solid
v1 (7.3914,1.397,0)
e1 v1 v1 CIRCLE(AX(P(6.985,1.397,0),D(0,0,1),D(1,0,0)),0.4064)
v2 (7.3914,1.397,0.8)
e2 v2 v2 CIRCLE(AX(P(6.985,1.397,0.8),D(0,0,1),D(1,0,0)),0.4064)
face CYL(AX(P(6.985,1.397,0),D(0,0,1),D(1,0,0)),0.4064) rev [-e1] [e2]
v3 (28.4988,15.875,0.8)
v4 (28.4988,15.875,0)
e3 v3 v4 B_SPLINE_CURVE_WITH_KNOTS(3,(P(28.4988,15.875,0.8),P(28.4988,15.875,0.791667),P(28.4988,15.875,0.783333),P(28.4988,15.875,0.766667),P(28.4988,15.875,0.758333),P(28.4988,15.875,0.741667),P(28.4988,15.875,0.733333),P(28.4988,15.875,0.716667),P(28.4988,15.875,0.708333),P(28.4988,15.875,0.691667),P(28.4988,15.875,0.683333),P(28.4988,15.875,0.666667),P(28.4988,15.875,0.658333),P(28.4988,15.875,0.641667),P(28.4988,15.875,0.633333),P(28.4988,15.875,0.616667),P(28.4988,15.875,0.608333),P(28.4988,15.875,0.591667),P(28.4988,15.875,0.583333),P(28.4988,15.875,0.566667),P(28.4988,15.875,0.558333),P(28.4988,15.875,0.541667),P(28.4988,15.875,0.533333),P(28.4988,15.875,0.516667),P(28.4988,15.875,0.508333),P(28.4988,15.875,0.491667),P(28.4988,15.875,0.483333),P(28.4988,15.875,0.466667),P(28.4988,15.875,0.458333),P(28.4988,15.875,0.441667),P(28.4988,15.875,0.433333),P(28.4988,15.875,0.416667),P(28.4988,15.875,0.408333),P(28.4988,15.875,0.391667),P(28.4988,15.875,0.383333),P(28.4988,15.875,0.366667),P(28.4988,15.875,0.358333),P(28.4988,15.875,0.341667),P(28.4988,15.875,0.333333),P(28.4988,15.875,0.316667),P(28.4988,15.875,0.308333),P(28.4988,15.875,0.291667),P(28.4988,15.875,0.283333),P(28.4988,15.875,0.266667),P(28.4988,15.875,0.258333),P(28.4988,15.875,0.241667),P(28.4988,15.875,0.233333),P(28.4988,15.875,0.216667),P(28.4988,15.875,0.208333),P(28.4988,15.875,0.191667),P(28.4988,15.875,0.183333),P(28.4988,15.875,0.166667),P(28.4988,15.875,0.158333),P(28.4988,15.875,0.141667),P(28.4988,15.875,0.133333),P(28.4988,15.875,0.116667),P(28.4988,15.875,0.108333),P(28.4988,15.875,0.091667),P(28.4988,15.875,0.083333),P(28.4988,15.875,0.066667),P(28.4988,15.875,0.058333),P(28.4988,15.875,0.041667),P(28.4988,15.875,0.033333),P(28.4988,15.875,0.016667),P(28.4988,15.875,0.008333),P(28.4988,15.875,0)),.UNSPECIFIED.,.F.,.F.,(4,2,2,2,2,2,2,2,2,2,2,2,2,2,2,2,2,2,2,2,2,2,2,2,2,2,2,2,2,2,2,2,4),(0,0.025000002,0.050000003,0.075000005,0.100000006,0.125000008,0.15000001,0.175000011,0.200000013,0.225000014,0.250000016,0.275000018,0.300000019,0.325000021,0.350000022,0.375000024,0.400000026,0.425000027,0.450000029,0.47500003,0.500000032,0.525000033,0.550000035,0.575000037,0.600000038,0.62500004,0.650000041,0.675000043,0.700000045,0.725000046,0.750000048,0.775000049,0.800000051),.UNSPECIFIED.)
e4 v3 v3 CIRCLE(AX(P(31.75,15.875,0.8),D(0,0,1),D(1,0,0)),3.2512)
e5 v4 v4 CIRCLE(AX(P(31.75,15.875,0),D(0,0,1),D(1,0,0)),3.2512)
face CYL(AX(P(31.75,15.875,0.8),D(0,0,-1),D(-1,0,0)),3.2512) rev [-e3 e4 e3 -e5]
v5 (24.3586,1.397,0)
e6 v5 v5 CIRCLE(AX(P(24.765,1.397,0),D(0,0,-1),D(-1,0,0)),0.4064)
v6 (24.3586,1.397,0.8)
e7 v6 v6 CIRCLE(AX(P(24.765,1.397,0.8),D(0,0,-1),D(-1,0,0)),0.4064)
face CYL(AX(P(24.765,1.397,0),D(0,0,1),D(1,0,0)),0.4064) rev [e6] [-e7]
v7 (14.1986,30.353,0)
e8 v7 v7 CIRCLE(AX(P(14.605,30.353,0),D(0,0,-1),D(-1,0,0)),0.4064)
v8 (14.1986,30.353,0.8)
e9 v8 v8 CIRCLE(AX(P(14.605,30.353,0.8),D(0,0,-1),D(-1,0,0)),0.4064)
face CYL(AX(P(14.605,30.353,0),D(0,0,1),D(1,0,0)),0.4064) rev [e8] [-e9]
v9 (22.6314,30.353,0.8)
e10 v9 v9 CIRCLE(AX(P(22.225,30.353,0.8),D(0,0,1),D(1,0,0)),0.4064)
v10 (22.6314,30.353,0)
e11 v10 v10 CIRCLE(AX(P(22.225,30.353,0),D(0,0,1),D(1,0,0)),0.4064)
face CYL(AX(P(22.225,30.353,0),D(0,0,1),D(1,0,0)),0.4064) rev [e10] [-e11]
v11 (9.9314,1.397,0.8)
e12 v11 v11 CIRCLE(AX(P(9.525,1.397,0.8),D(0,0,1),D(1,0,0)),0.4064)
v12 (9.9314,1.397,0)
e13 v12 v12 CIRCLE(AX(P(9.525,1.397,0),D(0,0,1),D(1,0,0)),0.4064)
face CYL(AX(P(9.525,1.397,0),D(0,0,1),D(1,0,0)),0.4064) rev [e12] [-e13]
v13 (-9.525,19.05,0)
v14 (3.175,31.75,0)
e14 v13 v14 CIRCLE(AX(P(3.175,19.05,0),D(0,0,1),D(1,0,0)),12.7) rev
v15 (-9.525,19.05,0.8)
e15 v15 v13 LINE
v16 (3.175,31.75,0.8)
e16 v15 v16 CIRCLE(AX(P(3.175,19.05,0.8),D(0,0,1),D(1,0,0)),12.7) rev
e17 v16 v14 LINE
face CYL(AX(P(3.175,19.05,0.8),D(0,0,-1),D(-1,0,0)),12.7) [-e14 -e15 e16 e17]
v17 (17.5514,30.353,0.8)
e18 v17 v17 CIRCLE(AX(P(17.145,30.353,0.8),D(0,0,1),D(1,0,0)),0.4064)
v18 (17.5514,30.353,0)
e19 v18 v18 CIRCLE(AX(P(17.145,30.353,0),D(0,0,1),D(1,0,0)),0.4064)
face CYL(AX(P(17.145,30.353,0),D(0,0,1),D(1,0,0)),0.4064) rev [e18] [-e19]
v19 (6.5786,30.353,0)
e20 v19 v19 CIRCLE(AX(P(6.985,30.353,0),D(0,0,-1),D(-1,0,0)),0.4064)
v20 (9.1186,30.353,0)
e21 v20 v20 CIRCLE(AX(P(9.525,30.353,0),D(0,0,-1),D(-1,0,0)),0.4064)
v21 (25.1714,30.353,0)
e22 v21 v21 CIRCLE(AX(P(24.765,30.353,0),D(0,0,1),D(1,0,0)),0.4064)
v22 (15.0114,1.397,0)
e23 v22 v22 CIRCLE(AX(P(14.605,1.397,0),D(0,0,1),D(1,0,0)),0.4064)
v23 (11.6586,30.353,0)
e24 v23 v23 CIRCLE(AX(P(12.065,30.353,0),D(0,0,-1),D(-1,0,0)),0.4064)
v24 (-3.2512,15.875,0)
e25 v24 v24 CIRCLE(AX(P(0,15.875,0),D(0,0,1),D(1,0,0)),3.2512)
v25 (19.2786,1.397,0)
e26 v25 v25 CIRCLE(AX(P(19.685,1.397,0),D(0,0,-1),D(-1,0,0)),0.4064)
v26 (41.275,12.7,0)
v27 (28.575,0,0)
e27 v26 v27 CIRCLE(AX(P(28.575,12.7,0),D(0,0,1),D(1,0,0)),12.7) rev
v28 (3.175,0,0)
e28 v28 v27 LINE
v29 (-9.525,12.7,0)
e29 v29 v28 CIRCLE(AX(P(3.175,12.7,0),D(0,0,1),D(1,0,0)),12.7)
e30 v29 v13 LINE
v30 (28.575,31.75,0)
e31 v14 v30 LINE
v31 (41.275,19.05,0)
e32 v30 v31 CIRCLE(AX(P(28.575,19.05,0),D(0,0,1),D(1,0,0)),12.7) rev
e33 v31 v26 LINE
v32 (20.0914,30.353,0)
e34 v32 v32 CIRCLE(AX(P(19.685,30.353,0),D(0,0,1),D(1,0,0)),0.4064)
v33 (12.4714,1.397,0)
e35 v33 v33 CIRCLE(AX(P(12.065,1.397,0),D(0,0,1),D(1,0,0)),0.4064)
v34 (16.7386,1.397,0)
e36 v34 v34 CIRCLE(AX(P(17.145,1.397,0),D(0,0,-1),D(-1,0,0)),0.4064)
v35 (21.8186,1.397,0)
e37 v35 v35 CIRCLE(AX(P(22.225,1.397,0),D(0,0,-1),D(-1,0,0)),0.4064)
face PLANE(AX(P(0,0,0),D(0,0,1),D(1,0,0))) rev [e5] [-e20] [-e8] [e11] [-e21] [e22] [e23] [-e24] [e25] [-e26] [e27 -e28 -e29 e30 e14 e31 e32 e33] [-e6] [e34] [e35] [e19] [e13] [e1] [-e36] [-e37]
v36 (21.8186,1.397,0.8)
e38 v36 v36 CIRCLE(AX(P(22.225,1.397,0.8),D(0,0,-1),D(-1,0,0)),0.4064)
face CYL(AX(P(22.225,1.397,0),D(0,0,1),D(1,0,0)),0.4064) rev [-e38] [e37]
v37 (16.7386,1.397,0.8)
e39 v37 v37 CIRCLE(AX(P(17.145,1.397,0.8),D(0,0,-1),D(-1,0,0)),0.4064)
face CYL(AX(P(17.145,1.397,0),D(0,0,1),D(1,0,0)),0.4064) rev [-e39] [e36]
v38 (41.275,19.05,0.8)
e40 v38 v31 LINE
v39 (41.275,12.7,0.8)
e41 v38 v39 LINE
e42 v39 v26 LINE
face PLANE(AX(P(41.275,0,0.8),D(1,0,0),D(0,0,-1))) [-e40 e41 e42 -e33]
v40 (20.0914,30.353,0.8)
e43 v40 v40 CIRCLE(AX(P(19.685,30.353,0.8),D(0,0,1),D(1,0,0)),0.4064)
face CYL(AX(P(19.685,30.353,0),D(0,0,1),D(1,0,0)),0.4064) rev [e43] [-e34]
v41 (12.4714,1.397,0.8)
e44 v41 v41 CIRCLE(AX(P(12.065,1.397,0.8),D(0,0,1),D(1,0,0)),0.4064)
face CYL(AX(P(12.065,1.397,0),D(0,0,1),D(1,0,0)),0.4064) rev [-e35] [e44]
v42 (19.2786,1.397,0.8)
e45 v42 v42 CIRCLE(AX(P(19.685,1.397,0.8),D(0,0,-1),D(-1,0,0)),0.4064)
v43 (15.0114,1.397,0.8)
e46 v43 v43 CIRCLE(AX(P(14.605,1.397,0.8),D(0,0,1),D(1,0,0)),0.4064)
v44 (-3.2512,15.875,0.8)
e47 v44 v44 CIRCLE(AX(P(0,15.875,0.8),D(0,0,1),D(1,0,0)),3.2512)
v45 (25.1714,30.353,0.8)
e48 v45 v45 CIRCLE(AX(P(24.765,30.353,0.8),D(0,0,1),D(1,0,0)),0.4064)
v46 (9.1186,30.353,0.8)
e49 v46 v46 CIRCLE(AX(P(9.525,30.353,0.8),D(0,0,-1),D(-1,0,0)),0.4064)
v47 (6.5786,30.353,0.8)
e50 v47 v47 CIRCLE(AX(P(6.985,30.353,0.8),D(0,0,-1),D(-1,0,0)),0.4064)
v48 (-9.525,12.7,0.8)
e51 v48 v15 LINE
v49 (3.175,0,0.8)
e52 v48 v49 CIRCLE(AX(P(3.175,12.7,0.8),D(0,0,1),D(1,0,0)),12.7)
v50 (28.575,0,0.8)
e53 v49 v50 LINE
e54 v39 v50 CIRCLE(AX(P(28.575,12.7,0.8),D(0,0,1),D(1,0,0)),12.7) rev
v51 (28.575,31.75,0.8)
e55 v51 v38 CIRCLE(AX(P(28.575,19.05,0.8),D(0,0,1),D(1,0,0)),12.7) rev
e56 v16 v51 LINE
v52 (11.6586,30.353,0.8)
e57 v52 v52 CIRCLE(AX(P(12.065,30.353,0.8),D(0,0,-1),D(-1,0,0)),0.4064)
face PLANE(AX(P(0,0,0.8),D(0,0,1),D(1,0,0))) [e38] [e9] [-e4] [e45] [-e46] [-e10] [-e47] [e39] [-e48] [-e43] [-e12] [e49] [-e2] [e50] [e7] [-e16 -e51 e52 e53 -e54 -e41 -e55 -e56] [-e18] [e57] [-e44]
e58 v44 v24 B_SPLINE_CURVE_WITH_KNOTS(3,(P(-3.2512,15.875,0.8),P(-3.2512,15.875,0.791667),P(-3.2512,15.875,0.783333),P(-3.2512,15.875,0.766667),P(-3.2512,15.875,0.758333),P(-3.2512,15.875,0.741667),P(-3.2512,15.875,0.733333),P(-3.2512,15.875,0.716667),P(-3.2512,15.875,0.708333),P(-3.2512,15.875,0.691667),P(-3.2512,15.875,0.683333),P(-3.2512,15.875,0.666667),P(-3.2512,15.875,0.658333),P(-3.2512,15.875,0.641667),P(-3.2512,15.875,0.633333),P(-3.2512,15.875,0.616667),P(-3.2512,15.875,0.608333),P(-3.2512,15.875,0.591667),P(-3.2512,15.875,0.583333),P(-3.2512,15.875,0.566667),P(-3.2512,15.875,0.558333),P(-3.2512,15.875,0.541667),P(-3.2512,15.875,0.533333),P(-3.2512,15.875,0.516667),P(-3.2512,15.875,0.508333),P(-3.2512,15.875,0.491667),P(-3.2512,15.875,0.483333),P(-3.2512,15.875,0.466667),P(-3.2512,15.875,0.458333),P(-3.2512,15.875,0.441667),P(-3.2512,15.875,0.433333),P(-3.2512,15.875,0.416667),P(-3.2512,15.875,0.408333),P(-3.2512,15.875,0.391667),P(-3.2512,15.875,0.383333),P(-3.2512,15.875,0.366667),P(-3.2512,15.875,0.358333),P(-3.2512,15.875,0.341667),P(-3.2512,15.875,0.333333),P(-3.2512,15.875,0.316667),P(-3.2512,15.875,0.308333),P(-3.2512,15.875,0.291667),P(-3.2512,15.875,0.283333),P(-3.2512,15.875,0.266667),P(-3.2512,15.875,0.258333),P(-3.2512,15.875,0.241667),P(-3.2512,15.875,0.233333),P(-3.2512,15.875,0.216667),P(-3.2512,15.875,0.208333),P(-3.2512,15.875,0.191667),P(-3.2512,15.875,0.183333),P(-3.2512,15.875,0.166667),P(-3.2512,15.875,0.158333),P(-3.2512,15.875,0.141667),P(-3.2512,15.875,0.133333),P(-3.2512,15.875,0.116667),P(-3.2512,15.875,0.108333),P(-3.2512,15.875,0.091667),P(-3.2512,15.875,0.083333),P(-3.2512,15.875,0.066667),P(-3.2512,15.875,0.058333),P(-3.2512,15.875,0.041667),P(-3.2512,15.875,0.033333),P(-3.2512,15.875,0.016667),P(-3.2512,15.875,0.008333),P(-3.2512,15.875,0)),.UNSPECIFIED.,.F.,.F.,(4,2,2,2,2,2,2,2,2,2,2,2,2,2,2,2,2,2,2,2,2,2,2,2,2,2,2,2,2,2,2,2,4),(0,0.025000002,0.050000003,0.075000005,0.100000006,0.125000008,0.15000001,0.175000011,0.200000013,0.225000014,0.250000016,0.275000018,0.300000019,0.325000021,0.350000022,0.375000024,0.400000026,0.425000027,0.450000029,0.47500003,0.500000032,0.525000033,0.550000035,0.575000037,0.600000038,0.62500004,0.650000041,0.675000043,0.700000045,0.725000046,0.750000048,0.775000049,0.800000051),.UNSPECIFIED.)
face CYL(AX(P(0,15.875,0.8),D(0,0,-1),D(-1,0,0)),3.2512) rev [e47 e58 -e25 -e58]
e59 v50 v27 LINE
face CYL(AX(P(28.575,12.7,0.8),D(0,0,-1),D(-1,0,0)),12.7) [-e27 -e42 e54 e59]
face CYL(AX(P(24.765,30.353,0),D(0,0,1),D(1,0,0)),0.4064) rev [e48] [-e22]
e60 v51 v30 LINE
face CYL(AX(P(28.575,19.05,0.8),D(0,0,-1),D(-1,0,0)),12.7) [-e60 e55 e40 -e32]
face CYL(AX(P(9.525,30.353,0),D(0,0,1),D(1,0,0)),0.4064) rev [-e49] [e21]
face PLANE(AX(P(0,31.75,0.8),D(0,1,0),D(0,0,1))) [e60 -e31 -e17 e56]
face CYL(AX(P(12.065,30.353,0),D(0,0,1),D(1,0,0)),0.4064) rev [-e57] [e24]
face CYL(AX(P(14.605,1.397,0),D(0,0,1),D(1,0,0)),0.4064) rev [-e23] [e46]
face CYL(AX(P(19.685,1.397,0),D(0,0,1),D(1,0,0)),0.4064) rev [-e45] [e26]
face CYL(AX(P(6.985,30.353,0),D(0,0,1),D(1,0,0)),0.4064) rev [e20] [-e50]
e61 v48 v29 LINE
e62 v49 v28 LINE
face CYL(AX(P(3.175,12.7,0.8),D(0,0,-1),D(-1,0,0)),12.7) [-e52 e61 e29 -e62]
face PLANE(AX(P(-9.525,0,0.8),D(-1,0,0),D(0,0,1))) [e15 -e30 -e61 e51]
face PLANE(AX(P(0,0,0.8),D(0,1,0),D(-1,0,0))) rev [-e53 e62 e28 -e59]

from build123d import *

# Parameters (mm, degrees)
SKETCH1_R           = 3.2512
BOSS_EXTRUDE1_DEPTH = 0.800000051
SKETCH3_R           = 0.4064
CUT_EXTRUDE3_DEPTH  = 53.080016562


with BuildPart() as part:
    # Sketch1 → Boss-Extrude1 (new body)
    with BuildSketch(Plane.XY):
        with BuildLine():
            Line((28.575, 31.75), (3.175, 31.75))
            ThreePointArc((3.175, 31.75), (-5.805256121, 28.030256121), (-9.525, 19.05))
            Line((-9.525, 19.05), (-9.525, 12.7))
            ThreePointArc((-9.525, 12.7), (-5.805256121, 3.719743879), (3.175, 0))
            Line((3.175, 0), (28.575, 0))
            ThreePointArc((28.575, 0), (37.555256121, 3.719743879), (41.275, 12.7))
            Line((41.275, 12.7), (41.275, 19.05))
            ThreePointArc((41.275, 19.05), (37.555256121, 28.030256121), (28.575, 31.75))
        make_face()
        with Locations(Location((0, 15.875, 0), (0, 0, 180))):
            Circle(SKETCH1_R, mode=Mode.SUBTRACT)
        with Locations(Location((31.75, 15.875, 0), (0, 0, 180))):
            Circle(SKETCH1_R, mode=Mode.SUBTRACT)
    extrude(amount=BOSS_EXTRUDE1_DEPTH)

    # Sketch3 → Cut-Extrude3 (cut, through all)
    with BuildSketch(Plane(origin=(0, 0, 0.800000051), x_dir=(-1, 0, 0), z_dir=(0, 0, -1))):
        with Locations((-14.605, 30.353)):
            Circle(SKETCH3_R)
        with Locations((-12.065, 30.353)):
            Circle(SKETCH3_R)
        with Locations((-9.525, 30.353)):
            Circle(SKETCH3_R)
        with Locations((-6.985, 30.353)):
            Circle(SKETCH3_R)
        with Locations(Location((-24.765, 30.353, 0), (0, 0, 180))):
            Circle(SKETCH3_R)
        with Locations(Location((-22.225, 30.353, 0), (0, 0, 180))):
            Circle(SKETCH3_R)
        with Locations(Location((-19.685, 30.353, 0), (0, 0, 180))):
            Circle(SKETCH3_R)
        with Locations(Location((-17.145, 30.353, 0), (0, 0, 180))):
            Circle(SKETCH3_R)
        with Locations((-17.145, 1.397)):
            Circle(SKETCH3_R)
        with Locations((-19.685, 1.397)):
            Circle(SKETCH3_R)
        with Locations((-22.225, 1.397)):
            Circle(SKETCH3_R)
        with Locations((-24.765, 1.397)):
            Circle(SKETCH3_R)
        with Locations(Location((-6.985, 1.397, 0), (0, 0, 180))):
            Circle(SKETCH3_R)
        with Locations(Location((-9.525, 1.397, 0), (0, 0, 180))):
            Circle(SKETCH3_R)
        with Locations(Location((-12.065, 1.397, 0), (0, 0, 180))):
            Circle(SKETCH3_R)
        with Locations(Location((-14.605, 1.397, 0), (0, 0, 180))):
            Circle(SKETCH3_R)
    extrude(amount=CUT_EXTRUDE3_DEPTH, mode=Mode.SUBTRACT)


solid = part.part
